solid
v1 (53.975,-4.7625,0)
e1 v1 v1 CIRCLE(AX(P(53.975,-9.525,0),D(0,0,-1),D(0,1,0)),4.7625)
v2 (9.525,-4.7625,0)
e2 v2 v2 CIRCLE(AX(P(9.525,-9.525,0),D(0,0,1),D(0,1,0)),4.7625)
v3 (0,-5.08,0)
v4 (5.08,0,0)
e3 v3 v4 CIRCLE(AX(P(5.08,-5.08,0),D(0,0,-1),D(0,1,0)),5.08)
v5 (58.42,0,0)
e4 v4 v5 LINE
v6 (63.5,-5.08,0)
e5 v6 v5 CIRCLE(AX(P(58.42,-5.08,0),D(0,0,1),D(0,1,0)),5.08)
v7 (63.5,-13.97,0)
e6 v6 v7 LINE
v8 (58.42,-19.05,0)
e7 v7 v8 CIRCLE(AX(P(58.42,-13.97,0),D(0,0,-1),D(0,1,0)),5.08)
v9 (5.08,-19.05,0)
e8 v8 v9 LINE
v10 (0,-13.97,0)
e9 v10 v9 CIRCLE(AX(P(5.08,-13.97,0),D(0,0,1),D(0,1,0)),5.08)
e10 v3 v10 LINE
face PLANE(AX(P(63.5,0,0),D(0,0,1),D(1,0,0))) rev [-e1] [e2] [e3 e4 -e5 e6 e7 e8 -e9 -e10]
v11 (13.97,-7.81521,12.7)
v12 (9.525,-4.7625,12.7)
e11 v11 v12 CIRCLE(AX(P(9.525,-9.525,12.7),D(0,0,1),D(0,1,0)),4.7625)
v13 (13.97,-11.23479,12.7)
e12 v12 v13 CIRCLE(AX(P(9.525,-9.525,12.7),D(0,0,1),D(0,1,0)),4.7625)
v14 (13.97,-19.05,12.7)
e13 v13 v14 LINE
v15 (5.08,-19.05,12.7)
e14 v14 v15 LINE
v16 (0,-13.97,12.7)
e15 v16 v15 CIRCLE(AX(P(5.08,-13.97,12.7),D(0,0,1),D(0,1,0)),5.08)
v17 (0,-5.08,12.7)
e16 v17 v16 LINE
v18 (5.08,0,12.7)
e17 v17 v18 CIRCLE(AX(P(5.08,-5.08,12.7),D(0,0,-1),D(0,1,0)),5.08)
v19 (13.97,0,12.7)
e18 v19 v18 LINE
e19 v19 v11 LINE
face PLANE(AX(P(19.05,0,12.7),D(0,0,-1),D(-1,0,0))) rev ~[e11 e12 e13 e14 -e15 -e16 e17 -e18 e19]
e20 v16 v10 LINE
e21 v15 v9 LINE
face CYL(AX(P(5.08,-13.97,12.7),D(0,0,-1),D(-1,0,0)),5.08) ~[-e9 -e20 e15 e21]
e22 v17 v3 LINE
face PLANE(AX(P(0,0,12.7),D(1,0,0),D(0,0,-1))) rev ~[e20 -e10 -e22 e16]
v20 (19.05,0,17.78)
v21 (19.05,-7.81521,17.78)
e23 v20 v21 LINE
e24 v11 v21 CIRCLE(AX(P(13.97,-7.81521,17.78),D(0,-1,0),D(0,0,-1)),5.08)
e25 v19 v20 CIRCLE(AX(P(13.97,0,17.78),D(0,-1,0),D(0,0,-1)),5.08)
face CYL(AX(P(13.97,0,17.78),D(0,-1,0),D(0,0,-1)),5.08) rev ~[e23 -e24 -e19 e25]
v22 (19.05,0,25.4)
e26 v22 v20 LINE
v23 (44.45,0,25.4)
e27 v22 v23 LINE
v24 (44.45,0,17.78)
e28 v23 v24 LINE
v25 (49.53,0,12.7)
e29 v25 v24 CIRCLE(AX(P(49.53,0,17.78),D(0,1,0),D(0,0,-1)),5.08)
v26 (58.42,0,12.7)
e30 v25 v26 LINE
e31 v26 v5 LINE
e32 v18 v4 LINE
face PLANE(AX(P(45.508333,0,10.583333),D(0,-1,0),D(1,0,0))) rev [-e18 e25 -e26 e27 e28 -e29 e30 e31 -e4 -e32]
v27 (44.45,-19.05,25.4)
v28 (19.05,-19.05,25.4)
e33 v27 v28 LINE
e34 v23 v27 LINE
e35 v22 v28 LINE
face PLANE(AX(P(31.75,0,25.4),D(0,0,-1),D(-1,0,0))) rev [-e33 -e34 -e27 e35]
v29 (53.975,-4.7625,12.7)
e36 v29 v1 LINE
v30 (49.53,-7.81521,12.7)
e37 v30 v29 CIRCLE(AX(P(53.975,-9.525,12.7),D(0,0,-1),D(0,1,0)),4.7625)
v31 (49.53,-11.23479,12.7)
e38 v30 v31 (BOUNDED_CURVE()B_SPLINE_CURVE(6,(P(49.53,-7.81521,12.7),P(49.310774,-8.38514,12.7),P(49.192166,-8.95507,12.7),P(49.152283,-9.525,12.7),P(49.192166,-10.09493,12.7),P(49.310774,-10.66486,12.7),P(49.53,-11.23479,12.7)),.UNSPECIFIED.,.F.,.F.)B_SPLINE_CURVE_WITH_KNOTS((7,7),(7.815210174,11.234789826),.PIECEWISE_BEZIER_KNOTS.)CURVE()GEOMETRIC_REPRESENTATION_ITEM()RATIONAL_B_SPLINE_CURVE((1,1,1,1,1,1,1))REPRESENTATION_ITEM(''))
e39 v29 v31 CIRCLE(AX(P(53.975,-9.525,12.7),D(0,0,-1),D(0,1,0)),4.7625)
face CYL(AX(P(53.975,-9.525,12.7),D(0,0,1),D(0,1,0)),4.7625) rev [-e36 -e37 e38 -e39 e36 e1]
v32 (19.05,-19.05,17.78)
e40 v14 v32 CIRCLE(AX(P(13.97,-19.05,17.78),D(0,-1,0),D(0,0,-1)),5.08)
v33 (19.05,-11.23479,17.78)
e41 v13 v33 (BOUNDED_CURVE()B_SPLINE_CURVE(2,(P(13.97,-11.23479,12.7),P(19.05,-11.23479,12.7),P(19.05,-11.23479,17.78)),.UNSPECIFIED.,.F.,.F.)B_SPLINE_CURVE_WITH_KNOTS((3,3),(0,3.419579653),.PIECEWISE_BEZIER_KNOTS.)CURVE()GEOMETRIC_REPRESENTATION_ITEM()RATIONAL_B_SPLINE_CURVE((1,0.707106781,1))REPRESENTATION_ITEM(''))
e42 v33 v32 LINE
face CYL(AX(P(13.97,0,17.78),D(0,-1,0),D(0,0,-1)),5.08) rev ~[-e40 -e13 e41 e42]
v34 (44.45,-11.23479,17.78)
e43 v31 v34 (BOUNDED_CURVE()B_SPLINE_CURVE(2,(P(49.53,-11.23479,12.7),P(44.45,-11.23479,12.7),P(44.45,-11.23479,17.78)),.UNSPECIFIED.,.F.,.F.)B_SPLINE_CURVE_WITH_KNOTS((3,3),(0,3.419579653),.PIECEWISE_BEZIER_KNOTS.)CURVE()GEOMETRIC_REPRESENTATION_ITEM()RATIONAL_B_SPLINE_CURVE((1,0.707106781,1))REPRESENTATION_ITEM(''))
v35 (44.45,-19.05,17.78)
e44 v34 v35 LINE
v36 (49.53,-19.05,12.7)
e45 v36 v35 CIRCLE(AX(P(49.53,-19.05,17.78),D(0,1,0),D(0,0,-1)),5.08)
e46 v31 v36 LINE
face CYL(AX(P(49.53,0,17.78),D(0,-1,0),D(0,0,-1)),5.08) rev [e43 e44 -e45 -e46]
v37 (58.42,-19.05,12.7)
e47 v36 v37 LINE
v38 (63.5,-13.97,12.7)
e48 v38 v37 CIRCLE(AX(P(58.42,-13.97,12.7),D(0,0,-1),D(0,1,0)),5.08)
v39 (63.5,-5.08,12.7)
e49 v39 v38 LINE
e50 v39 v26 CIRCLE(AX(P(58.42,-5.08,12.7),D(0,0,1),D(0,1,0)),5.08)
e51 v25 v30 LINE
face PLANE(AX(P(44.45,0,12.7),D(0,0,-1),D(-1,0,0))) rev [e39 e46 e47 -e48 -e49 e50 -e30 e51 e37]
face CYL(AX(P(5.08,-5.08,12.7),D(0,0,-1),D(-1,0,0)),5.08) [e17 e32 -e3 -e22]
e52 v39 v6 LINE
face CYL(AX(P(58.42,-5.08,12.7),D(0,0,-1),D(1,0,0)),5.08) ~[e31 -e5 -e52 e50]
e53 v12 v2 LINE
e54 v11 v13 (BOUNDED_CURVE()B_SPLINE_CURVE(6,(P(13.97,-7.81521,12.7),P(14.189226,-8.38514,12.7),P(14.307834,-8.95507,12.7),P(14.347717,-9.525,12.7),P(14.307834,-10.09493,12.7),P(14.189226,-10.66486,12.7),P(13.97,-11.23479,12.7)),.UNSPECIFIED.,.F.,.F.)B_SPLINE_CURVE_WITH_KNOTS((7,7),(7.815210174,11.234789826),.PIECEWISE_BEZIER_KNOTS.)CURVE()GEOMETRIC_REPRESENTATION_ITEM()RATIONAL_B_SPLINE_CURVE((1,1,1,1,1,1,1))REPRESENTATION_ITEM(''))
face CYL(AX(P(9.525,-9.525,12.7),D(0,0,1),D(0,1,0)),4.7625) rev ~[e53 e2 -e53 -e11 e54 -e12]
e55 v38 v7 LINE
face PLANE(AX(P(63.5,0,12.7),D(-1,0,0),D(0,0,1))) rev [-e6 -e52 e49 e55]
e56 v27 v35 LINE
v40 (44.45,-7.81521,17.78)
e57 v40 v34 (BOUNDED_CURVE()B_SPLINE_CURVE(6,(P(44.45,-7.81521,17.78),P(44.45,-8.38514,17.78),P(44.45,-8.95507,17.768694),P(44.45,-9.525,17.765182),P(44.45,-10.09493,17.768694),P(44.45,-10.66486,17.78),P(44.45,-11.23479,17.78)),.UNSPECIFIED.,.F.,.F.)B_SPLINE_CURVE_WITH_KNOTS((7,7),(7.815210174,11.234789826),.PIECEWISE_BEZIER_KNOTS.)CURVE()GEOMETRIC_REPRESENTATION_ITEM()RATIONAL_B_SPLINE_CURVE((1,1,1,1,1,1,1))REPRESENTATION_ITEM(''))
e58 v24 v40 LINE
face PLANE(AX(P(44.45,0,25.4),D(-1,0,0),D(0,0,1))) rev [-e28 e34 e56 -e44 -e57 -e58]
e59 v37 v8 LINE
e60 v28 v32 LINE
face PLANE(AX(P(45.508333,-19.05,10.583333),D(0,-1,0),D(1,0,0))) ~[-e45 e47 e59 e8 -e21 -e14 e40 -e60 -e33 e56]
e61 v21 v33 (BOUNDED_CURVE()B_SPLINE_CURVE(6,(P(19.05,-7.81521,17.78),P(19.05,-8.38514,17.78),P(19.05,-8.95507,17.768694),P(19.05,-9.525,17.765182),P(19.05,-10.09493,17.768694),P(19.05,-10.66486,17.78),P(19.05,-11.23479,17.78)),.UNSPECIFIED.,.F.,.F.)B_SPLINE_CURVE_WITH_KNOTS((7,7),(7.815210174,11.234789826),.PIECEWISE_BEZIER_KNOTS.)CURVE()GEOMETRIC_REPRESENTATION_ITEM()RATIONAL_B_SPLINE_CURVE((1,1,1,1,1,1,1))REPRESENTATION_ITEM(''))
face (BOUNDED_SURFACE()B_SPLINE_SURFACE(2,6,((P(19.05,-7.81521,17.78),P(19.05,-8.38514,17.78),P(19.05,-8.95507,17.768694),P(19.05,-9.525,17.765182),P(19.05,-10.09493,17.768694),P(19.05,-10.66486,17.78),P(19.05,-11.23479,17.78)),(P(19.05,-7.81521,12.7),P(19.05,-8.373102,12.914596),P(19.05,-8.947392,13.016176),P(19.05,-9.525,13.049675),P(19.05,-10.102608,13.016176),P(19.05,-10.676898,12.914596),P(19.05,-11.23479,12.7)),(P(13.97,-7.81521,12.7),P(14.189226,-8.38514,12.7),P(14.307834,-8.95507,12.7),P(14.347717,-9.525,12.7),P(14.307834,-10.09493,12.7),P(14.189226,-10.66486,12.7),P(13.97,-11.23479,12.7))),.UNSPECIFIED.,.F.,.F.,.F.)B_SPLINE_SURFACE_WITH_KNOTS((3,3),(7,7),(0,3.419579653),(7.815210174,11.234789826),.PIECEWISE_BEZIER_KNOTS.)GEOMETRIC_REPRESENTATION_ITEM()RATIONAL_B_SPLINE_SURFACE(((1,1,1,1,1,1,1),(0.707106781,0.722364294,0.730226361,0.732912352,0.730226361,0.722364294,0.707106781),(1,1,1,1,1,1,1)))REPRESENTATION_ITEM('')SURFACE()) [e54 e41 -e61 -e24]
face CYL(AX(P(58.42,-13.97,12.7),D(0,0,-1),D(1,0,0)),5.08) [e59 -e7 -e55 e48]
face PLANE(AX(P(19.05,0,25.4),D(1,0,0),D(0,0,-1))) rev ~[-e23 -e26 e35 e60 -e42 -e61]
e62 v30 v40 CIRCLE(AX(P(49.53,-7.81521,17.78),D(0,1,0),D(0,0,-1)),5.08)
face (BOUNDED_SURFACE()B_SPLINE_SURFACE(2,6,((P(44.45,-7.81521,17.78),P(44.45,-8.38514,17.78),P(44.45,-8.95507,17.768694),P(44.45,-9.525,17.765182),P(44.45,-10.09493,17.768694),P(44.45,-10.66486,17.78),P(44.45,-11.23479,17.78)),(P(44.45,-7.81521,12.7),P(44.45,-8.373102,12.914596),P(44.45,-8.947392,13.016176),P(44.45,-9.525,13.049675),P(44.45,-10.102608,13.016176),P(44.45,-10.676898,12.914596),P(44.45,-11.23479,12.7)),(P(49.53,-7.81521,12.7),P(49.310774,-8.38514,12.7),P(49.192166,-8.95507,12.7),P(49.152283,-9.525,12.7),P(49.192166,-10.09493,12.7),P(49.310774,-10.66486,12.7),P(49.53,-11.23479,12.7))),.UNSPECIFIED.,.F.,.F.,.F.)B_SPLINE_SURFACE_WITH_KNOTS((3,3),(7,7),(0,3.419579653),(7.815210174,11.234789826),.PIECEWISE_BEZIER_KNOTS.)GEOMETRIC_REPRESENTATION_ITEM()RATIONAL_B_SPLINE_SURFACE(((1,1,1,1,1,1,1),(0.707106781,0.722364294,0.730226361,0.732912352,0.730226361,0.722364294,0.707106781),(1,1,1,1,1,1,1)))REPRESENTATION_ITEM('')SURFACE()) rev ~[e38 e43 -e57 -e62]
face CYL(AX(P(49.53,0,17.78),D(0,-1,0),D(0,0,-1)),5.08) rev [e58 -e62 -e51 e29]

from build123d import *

# Parameters (mm, degrees)
F1_DEPTH = 19.05
F3_DEPTH = 25.4
F4_R     = 5.08


with BuildPart() as f1:
    # F0 (on Front) → F1 (new body)
    with BuildSketch(Plane.XZ):
        Polygon((0, 12.7), (0, 0), (31.75, 0), (31.75, 25.4), (19.05, 25.4), (19.05, 12.7), align=None)
    extrude(amount=F1_DEPTH)

    # F2 (on face) → F3 (cut)
    with BuildSketch(Plane.XY.offset(12.7)):
        with BuildLine():
            ThreePointArc((14.2875, -9.525), (12.8925960454, -6.1574039546), (9.525, -4.7625))
            Line((9.525, -4.7625), (9.525, -9.525))
            Line((9.525, -9.525), (4.7625, -9.525))
            ThreePointArc((4.7625, -9.525), (9.525, -14.2875), (14.2875, -9.525))
        make_face()
        with BuildLine():
            Line((9.525, -9.525), (9.525, -4.7625))
            ThreePointArc((9.525, -4.7625), (6.1574039546, -6.1574039546), (4.7625, -9.525))
            Line((4.7625, -9.525), (9.525, -9.525))
        make_face()
    extrude(amount=-F3_DEPTH, mode=Mode.SUBTRACT)

    # F4
    f4_edges = [f1.edges().sort_by_distance(p)[0] for p in [
        (0, -19.05, 6.35),
        (0, 0, 6.35),
        (19.05, -9.525, 12.7),
    ]]
    fillet(f4_edges, radius=F4_R)

    # F5: F1 across face


with BuildPart() as f1_1:
    add(f1.part)
    add(f1.part.mirror(Plane(origin=(31.75, -9.525, 12.7), x_dir=(0, 1, 0), z_dir=(1, 0, 0))))


solid = f1_1.part
